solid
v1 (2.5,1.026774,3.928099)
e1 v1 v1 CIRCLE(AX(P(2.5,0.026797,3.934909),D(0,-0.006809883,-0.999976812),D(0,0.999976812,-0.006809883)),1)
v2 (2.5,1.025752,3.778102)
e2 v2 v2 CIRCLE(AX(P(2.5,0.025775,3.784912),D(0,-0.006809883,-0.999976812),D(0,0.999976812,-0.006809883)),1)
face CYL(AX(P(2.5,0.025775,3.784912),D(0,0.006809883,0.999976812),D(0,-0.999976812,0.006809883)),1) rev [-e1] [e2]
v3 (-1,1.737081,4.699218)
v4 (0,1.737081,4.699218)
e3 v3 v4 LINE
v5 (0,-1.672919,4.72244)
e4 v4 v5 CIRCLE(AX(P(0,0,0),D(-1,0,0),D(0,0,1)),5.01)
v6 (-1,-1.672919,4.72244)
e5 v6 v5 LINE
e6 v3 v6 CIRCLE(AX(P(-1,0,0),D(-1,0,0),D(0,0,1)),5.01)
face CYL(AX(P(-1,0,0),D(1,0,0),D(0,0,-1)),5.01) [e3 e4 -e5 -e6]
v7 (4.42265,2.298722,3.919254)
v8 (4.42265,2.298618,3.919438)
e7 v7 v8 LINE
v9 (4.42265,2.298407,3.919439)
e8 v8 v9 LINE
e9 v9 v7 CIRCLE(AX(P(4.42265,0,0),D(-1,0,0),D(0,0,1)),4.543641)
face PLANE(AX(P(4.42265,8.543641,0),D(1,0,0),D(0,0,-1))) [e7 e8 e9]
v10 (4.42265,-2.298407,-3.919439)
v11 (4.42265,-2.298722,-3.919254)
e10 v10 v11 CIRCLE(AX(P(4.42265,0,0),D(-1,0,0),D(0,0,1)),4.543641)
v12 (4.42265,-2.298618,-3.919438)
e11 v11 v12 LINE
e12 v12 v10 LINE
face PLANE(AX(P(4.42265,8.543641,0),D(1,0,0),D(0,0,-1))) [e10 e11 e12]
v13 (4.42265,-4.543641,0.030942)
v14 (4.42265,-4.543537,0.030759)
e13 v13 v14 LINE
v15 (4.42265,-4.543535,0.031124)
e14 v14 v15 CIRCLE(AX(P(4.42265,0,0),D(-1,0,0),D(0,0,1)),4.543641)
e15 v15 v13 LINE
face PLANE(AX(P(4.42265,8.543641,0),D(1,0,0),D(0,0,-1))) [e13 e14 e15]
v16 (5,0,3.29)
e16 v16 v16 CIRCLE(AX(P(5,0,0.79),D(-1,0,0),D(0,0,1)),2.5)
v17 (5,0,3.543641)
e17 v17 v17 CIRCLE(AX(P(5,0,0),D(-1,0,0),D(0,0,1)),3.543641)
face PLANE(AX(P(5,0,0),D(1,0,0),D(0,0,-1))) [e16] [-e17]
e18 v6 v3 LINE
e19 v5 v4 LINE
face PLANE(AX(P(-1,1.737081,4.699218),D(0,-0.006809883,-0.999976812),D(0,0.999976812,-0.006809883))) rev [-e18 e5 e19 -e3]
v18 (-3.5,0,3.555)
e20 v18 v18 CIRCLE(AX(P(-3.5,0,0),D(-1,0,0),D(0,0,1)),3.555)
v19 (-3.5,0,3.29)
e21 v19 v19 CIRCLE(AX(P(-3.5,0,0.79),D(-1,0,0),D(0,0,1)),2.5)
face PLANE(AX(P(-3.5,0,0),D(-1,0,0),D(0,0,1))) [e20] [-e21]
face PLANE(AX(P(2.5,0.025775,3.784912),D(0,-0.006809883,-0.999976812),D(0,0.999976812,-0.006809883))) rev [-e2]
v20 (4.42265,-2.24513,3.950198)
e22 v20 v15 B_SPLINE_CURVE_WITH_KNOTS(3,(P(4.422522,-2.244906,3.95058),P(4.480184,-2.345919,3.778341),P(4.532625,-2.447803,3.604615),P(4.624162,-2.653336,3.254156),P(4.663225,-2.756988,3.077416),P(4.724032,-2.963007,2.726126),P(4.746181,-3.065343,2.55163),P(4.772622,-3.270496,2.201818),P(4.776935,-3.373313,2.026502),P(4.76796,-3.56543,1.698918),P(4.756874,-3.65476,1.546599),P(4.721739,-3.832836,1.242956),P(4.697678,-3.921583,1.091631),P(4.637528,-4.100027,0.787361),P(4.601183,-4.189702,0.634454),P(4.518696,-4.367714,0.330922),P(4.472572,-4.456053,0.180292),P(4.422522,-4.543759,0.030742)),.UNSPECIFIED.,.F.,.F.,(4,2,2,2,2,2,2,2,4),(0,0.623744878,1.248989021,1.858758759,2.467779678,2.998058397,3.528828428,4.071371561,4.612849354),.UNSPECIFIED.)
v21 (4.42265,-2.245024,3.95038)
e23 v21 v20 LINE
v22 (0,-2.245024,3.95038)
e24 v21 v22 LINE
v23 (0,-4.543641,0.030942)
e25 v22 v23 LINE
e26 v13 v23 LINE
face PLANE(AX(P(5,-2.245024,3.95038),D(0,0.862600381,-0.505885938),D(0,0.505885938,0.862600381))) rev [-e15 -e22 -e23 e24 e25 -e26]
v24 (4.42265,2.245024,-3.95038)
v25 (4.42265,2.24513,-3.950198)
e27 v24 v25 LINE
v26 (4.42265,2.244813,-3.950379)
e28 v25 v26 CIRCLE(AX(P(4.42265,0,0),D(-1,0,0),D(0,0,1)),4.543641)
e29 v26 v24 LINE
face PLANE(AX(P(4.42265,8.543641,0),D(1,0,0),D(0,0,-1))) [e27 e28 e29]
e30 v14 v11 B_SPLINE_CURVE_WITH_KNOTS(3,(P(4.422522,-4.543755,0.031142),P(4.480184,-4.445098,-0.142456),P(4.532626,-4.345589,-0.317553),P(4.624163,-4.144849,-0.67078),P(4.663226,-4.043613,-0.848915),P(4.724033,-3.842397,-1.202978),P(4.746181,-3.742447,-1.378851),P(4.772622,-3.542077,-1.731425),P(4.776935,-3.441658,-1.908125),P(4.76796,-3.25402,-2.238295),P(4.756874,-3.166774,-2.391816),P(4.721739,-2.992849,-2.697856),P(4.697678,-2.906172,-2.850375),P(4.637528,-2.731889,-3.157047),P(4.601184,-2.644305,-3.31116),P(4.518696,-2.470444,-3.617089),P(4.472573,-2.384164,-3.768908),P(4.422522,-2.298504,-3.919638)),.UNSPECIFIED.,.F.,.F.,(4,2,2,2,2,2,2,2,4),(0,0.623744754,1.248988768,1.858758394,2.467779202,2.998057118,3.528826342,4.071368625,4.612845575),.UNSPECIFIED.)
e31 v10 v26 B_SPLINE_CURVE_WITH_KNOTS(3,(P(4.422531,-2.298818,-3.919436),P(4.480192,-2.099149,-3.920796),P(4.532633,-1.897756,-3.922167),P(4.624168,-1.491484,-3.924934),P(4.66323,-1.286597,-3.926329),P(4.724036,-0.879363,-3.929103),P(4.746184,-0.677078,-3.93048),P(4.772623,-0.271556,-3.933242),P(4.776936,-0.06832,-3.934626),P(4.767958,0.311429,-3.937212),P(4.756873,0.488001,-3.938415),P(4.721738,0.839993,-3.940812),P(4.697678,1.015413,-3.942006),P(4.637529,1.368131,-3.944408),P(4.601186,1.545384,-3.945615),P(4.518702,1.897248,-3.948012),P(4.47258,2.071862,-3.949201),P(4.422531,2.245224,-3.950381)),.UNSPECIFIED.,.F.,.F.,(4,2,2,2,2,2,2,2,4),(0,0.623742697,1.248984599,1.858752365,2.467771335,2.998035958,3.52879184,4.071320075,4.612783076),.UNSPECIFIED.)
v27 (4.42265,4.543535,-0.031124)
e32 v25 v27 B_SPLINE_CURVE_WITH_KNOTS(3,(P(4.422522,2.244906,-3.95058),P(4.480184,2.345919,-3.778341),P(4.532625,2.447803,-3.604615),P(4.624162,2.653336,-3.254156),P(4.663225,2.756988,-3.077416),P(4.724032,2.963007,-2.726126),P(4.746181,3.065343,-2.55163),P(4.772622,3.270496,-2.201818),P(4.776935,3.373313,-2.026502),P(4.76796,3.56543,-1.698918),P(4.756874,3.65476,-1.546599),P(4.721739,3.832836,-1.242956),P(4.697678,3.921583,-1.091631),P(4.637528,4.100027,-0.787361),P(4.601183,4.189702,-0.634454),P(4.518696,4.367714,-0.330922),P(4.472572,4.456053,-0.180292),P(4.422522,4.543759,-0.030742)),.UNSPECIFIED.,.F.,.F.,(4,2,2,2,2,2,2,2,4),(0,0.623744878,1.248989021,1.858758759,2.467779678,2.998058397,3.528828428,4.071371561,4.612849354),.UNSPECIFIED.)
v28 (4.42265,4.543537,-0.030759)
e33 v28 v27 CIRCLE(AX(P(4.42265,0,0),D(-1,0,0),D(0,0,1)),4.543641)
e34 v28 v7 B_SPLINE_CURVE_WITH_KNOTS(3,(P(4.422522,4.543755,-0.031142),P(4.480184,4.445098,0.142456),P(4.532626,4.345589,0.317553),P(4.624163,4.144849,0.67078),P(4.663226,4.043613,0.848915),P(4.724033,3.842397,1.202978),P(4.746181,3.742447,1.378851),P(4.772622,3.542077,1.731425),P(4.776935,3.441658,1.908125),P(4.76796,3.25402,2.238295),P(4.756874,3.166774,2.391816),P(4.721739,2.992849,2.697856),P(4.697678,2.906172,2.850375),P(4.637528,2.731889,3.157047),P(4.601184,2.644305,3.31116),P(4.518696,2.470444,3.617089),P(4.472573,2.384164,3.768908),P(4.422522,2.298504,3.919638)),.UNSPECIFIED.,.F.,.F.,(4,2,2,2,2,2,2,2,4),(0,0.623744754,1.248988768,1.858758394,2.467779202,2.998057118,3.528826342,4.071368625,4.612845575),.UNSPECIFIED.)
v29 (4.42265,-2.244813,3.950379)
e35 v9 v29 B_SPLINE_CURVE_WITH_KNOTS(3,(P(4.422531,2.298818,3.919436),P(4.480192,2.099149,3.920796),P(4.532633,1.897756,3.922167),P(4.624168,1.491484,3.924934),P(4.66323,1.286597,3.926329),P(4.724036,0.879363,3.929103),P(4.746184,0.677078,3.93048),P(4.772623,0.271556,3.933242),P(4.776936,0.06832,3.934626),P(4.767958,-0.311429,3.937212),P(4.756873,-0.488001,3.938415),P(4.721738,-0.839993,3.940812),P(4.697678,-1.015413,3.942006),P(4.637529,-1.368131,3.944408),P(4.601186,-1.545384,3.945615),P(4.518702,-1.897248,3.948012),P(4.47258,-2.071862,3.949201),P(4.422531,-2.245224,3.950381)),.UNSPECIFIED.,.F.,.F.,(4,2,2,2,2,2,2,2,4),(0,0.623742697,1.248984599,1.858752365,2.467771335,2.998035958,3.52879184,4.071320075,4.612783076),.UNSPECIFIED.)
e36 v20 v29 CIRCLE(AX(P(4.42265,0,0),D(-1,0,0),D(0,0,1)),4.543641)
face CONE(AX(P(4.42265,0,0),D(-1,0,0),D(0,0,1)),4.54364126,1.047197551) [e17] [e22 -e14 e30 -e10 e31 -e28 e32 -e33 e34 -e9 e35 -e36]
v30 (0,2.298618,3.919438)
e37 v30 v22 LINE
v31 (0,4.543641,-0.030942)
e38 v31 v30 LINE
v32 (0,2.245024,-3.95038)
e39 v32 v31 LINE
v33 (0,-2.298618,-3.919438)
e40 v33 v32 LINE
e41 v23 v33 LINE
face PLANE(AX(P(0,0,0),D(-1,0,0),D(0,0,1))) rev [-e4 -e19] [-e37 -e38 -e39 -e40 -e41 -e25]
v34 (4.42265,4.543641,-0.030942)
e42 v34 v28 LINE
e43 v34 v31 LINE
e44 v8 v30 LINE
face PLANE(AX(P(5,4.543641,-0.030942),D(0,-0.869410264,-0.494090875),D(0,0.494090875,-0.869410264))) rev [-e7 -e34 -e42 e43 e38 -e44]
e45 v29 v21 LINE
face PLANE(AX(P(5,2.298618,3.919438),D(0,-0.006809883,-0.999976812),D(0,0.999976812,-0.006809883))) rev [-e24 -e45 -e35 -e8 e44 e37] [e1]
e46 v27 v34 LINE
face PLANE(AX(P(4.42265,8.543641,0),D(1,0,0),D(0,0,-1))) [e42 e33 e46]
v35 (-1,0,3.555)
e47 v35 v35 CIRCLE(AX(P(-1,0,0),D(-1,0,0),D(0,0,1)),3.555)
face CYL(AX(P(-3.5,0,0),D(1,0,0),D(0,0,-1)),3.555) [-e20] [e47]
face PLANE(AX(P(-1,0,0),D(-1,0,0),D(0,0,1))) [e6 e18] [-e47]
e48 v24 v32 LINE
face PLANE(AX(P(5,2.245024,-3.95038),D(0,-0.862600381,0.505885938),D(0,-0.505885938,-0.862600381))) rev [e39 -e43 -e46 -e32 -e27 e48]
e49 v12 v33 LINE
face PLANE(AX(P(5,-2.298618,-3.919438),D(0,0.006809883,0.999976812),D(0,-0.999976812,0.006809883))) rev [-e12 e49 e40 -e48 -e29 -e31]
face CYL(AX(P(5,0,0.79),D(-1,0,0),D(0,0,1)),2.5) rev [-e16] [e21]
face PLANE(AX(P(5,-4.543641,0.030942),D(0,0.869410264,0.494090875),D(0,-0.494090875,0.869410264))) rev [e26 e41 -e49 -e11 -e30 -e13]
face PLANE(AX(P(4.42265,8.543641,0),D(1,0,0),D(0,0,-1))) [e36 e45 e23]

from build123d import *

# Parameters (mm, degrees)
BOSS_EXTRUDE1_DEPTH = 5
BOSS_EXTRUDE3_DEPTH = 1
SKETCH4_R           = 3.555
BOSS_EXTRUDE4_DEPTH = 2.5
SKETCH5_R           = 1
CUT_EXTRUDE3_DEPTH  = 0.15
SKETCH3_R           = 2.5
CUT_EXTRUDE5_DEPTH  = 9.5


with BuildPart() as part:
    # Sketch2 → Boss-Extrude1 (new body)
    with BuildSketch(Plane(origin=(0, 0, 0), x_dir=(0, 0, -1), z_dir=(1, 0, 0))):
        Polygon((3.919437566, -2.29861752), (3.950379949, 2.245023741), (0.030942383, 4.54364126), (-3.919437566, 2.29861752), (-3.950379949, -2.245023741), (-0.030942383, -4.54364126), align=None)
    extrude(amount=BOSS_EXTRUDE1_DEPTH)

    # Sketch6 → Boss-Extrude3 (add)
    with BuildSketch(Plane.ZY):
        with BuildLine():
            Line((4.699218, 1.737080939), (4.71082912, 0.032080939))
            Line((4.71082912, 0.032080939), (4.722440239, -1.672919061))
            ThreePointArc((4.722440239, -1.672919061), (-5.009883831, -0.034117514), (4.699218, 1.737080939))
        make_face()
    extrude(amount=BOSS_EXTRUDE3_DEPTH)

    # Sketch4 → Boss-Extrude4 (add)
    with BuildSketch(Plane.ZY.offset(1)):
        Circle(SKETCH4_R)
    extrude(amount=BOSS_EXTRUDE4_DEPTH)

    # Sketch5 → Cut-Extrude3 (cut)
    with BuildSketch(Plane(origin=(0, 0.02679689, 3.934908757), x_dir=(1, 0, 0), z_dir=(0, -0.006809883, -0.999976812))):
        with Locations((2.5, 0)):
            Circle(SKETCH5_R)
    extrude(amount=CUT_EXTRUDE3_DEPTH, mode=Mode.SUBTRACT)

    # Sketch3 → Cut-Extrude5 (cut, through all)
    with BuildSketch(Plane.ZY.offset(3.5)):
        with Locations((0.79, 0)):
            Circle(SKETCH3_R)
    extrude(amount=-CUT_EXTRUDE5_DEPTH, mode=Mode.SUBTRACT)

    # Sketch7 → Cut-Revolve1 (revolve, cut)
    with BuildSketch(Plane.XY):
        Polygon((4.422649731, 4.54364126), (5, 3.54364126), (9.422649731, 3.54364126), (9.422649731, 8.54364126), (4.422649731, 8.54364126), align=None)
    revolve(axis=Axis((0, 0, 0), (1, 0, 0)), mode=Mode.SUBTRACT)


solid = part.part
